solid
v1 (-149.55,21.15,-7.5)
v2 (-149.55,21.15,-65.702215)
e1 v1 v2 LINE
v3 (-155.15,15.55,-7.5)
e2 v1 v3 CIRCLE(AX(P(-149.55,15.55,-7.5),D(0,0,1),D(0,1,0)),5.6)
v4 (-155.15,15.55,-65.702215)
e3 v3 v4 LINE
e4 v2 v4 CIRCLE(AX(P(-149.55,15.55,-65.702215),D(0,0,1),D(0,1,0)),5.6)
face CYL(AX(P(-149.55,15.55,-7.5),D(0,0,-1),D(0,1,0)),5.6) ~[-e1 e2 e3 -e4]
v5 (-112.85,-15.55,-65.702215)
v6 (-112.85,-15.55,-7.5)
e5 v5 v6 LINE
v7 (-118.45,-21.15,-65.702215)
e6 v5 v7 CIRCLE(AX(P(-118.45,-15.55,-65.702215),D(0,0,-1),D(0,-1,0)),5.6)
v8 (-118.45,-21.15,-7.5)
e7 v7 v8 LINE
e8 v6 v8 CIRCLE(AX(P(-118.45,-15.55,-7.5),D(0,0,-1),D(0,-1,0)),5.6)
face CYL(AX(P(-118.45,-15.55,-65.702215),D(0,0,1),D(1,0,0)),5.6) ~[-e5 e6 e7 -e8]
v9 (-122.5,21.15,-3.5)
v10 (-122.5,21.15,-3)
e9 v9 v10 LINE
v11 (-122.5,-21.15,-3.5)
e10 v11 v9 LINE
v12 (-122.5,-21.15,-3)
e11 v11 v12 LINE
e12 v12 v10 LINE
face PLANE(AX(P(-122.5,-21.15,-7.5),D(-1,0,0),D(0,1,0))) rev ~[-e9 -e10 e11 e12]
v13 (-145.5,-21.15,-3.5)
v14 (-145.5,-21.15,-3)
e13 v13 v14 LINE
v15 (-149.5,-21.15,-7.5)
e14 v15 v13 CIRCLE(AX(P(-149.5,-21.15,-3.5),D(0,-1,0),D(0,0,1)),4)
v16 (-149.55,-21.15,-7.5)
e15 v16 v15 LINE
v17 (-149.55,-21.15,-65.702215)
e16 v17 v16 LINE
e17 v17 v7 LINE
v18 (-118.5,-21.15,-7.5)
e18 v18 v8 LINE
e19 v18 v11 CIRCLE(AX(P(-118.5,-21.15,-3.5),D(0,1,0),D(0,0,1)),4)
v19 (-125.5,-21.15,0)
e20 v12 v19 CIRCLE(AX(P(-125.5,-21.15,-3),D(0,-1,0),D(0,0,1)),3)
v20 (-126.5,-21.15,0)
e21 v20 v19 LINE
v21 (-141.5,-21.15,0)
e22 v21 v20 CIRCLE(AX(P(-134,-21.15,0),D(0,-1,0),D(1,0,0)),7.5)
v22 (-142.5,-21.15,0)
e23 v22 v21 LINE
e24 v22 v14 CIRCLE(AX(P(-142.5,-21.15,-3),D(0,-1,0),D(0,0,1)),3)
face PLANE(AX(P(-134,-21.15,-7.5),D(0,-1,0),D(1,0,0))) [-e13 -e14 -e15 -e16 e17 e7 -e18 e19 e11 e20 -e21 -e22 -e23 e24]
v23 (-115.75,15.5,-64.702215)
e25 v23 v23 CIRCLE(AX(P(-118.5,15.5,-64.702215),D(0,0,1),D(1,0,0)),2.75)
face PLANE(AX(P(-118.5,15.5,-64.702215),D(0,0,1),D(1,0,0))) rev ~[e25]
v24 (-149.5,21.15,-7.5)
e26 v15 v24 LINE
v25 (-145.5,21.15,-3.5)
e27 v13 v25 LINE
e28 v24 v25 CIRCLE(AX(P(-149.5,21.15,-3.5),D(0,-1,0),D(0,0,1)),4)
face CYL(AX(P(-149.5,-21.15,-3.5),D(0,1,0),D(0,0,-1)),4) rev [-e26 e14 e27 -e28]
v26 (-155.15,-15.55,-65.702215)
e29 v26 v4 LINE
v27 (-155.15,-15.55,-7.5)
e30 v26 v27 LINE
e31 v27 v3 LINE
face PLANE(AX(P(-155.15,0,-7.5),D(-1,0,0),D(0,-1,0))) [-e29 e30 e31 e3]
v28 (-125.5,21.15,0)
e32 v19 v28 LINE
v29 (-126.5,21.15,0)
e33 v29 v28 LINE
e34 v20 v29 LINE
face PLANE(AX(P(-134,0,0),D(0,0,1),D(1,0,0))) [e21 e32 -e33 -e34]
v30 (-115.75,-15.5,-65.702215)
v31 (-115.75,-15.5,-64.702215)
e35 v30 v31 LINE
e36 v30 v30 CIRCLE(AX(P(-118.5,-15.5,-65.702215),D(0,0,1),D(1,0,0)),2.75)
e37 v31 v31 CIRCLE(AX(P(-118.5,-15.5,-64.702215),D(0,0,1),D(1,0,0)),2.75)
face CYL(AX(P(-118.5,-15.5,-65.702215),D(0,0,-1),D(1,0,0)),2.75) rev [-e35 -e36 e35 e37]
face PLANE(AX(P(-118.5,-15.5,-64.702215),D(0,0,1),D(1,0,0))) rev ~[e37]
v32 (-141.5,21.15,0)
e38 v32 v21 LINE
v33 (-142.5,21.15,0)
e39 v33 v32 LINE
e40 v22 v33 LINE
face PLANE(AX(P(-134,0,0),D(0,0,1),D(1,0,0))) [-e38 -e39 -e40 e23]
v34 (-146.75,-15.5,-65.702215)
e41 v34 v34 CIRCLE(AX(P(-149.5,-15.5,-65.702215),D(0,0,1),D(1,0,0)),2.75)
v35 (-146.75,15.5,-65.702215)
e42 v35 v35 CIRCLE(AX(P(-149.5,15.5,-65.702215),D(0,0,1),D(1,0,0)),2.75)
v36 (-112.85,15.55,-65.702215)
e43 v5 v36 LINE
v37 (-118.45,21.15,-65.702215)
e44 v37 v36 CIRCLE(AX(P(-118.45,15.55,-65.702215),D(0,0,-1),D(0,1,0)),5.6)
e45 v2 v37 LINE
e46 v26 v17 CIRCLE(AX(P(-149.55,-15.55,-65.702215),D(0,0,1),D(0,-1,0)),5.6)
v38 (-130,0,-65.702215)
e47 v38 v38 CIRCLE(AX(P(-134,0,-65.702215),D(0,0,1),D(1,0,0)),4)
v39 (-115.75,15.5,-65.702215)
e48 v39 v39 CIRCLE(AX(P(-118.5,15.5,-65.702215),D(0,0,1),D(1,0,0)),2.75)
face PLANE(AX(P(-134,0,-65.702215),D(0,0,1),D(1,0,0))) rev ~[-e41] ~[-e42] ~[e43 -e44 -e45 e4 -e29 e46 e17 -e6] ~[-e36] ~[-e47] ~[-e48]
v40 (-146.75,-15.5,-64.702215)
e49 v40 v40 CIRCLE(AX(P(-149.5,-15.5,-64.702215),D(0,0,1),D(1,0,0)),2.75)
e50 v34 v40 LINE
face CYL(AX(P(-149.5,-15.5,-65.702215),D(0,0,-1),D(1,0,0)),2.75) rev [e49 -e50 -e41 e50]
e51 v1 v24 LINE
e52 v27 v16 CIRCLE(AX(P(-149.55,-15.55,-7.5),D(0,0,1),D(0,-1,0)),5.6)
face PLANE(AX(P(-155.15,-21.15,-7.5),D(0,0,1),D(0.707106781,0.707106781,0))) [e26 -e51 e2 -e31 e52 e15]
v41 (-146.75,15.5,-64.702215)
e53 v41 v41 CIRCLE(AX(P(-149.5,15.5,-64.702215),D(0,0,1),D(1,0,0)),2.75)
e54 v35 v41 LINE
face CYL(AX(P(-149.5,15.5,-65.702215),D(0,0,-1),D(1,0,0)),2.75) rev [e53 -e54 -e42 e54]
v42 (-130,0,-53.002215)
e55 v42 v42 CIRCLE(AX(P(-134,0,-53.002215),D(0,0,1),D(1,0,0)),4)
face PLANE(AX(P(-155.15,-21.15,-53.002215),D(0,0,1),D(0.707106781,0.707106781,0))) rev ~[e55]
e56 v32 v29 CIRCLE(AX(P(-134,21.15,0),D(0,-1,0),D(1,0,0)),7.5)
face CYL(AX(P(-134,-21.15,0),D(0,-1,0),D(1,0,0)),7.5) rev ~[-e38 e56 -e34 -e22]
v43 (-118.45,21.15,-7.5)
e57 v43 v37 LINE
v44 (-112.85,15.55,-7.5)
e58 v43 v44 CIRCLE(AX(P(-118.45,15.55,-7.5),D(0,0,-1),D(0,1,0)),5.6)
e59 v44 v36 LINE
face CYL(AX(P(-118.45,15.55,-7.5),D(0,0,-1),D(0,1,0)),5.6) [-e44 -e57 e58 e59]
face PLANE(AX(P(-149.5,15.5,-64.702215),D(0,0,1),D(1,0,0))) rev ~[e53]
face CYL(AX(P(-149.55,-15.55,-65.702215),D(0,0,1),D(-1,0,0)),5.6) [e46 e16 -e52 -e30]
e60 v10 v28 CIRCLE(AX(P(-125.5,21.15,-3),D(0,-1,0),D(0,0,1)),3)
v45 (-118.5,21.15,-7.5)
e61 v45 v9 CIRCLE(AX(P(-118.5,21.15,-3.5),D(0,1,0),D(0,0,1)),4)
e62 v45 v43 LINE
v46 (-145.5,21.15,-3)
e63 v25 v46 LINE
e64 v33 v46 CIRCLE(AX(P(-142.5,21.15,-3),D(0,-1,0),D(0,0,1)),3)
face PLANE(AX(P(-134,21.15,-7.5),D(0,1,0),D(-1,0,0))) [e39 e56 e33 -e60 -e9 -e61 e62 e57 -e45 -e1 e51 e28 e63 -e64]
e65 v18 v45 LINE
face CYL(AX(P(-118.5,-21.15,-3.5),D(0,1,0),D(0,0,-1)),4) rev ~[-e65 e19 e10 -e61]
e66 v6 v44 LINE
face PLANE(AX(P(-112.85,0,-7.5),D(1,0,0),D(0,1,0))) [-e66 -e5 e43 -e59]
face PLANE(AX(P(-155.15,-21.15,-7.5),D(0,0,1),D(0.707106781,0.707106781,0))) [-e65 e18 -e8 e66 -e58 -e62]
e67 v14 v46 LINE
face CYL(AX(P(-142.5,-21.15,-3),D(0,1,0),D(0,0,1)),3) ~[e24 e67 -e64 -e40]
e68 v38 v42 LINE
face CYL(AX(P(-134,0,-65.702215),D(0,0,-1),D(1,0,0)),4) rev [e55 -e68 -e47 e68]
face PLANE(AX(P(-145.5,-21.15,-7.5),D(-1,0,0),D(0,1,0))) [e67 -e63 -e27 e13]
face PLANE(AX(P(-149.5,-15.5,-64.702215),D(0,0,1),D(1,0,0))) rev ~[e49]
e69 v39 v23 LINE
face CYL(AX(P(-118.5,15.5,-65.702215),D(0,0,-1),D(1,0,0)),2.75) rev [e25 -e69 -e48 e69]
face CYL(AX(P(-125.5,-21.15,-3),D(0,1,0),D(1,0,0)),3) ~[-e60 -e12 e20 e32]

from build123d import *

# Parameters (mm, degrees)
SKETCH047_W     = 42.3
SKETCH047_H     = 42.3
SKETCH047_R     = 4
PAD021_DEPTH    = 12.7
SKETCH053_W     = 42.3
SKETCH053_H     = 42.3
SKETCH054_W     = 42.3
SKETCH054_H     = 42.3
SKETCH055_W     = 23
SKETCH055_H     = 42.3
PAD022_DEPTH    = 7.5
SKETCH056_R     = 7.5
POCKET008_DEPTH = 50
SKETCH048_R     = 2.75
POCKET009_DEPTH = 1
FILLET007_R     = 4
FILLET008_R     = 3
FILLET009_R     = 5.6


with BuildPart() as part:
    # Sketch047 (on Face1 of Binder017) → Pad021 (new body)
    with BuildSketch(Plane.XY.offset(-65.702215)):
        with Locations((-134, 0)):
            Rectangle(SKETCH047_W, SKETCH047_H)
        with Locations((-134, 0)):
            Circle(SKETCH047_R, mode=Mode.SUBTRACT)
    extrude(amount=PAD021_DEPTH)

    # Sketch053 → AdditiveLoft004 section 0
    with BuildSketch(Plane.XY.offset(-53.002215)):
        with Locations((-134, 0)):
            Rectangle(SKETCH053_W, SKETCH053_H)
    # Sketch054 (on DatumPlane) → AdditiveLoft004 section 1
    with BuildSketch(Plane.XY.offset(-7.5)):
        with Locations((-134, 0)):
            Rectangle(SKETCH054_W, SKETCH054_H)
    loft()

    # Sketch055 (on Face10 of AdditiveLoft004) → Pad022 (join)
    with BuildSketch(Plane.XY.offset(-7.5)):
        with Locations((-134, 0)):
            Rectangle(SKETCH055_W, SKETCH055_H)
    extrude(amount=PAD022_DEPTH)

    # Sketch056 (on Face18 of Pad022) → Pocket008 (cut)
    with BuildSketch(Plane.XZ.offset(21.15)):
        with Locations((-134, 0)):
            Circle(SKETCH056_R)
    extrude(amount=-POCKET008_DEPTH, mode=Mode.SUBTRACT)

    # Sketch048 (on Face1 of Binder017) → Pocket009 (cut)
    with BuildSketch(Plane.XY.offset(-65.702215)):
        with Locations((-149.5, -15.5)):
            Circle(SKETCH048_R)
        with Locations((-118.5, -15.5)):
            Circle(SKETCH048_R)
        with Locations((-118.5, 15.5)):
            Circle(SKETCH048_R)
        with Locations((-149.5, 15.5)):
            Circle(SKETCH048_R)
    extrude(amount=POCKET009_DEPTH, mode=Mode.SUBTRACT)

    # Fillet007
    fillet007_edges = [part.edges().sort_by_distance(p)[0] for p in [
        (-122.5, 0, -7.5),
        (-145.5, 0, -7.5),
    ]]
    fillet(fillet007_edges, radius=FILLET007_R)

    # Fillet008
    fillet008_edges = [part.edges().sort_by_distance(p)[0] for p in [
        (-122.5, 0, 0),
        (-145.5, 0, 0),
    ]]
    fillet(fillet008_edges, radius=FILLET008_R)

    # Fillet009
    fillet009_edges = [part.edges().sort_by_distance(p)[0] for p in [
        (-155.15, -21.15, -30.251107),
        (-155.15, -21.15, -59.352215),
        (-155.15, 21.15, -30.251107),
        (-155.15, 21.15, -59.352215),
        (-112.85, -21.15, -30.251107),
        (-112.85, -21.15, -59.352215),
        (-112.85, 21.15, -59.352215),
        (-112.85, 21.15, -30.251107),
    ]]
    fillet(fillet009_edges, radius=FILLET009_R)


solid = part.part
